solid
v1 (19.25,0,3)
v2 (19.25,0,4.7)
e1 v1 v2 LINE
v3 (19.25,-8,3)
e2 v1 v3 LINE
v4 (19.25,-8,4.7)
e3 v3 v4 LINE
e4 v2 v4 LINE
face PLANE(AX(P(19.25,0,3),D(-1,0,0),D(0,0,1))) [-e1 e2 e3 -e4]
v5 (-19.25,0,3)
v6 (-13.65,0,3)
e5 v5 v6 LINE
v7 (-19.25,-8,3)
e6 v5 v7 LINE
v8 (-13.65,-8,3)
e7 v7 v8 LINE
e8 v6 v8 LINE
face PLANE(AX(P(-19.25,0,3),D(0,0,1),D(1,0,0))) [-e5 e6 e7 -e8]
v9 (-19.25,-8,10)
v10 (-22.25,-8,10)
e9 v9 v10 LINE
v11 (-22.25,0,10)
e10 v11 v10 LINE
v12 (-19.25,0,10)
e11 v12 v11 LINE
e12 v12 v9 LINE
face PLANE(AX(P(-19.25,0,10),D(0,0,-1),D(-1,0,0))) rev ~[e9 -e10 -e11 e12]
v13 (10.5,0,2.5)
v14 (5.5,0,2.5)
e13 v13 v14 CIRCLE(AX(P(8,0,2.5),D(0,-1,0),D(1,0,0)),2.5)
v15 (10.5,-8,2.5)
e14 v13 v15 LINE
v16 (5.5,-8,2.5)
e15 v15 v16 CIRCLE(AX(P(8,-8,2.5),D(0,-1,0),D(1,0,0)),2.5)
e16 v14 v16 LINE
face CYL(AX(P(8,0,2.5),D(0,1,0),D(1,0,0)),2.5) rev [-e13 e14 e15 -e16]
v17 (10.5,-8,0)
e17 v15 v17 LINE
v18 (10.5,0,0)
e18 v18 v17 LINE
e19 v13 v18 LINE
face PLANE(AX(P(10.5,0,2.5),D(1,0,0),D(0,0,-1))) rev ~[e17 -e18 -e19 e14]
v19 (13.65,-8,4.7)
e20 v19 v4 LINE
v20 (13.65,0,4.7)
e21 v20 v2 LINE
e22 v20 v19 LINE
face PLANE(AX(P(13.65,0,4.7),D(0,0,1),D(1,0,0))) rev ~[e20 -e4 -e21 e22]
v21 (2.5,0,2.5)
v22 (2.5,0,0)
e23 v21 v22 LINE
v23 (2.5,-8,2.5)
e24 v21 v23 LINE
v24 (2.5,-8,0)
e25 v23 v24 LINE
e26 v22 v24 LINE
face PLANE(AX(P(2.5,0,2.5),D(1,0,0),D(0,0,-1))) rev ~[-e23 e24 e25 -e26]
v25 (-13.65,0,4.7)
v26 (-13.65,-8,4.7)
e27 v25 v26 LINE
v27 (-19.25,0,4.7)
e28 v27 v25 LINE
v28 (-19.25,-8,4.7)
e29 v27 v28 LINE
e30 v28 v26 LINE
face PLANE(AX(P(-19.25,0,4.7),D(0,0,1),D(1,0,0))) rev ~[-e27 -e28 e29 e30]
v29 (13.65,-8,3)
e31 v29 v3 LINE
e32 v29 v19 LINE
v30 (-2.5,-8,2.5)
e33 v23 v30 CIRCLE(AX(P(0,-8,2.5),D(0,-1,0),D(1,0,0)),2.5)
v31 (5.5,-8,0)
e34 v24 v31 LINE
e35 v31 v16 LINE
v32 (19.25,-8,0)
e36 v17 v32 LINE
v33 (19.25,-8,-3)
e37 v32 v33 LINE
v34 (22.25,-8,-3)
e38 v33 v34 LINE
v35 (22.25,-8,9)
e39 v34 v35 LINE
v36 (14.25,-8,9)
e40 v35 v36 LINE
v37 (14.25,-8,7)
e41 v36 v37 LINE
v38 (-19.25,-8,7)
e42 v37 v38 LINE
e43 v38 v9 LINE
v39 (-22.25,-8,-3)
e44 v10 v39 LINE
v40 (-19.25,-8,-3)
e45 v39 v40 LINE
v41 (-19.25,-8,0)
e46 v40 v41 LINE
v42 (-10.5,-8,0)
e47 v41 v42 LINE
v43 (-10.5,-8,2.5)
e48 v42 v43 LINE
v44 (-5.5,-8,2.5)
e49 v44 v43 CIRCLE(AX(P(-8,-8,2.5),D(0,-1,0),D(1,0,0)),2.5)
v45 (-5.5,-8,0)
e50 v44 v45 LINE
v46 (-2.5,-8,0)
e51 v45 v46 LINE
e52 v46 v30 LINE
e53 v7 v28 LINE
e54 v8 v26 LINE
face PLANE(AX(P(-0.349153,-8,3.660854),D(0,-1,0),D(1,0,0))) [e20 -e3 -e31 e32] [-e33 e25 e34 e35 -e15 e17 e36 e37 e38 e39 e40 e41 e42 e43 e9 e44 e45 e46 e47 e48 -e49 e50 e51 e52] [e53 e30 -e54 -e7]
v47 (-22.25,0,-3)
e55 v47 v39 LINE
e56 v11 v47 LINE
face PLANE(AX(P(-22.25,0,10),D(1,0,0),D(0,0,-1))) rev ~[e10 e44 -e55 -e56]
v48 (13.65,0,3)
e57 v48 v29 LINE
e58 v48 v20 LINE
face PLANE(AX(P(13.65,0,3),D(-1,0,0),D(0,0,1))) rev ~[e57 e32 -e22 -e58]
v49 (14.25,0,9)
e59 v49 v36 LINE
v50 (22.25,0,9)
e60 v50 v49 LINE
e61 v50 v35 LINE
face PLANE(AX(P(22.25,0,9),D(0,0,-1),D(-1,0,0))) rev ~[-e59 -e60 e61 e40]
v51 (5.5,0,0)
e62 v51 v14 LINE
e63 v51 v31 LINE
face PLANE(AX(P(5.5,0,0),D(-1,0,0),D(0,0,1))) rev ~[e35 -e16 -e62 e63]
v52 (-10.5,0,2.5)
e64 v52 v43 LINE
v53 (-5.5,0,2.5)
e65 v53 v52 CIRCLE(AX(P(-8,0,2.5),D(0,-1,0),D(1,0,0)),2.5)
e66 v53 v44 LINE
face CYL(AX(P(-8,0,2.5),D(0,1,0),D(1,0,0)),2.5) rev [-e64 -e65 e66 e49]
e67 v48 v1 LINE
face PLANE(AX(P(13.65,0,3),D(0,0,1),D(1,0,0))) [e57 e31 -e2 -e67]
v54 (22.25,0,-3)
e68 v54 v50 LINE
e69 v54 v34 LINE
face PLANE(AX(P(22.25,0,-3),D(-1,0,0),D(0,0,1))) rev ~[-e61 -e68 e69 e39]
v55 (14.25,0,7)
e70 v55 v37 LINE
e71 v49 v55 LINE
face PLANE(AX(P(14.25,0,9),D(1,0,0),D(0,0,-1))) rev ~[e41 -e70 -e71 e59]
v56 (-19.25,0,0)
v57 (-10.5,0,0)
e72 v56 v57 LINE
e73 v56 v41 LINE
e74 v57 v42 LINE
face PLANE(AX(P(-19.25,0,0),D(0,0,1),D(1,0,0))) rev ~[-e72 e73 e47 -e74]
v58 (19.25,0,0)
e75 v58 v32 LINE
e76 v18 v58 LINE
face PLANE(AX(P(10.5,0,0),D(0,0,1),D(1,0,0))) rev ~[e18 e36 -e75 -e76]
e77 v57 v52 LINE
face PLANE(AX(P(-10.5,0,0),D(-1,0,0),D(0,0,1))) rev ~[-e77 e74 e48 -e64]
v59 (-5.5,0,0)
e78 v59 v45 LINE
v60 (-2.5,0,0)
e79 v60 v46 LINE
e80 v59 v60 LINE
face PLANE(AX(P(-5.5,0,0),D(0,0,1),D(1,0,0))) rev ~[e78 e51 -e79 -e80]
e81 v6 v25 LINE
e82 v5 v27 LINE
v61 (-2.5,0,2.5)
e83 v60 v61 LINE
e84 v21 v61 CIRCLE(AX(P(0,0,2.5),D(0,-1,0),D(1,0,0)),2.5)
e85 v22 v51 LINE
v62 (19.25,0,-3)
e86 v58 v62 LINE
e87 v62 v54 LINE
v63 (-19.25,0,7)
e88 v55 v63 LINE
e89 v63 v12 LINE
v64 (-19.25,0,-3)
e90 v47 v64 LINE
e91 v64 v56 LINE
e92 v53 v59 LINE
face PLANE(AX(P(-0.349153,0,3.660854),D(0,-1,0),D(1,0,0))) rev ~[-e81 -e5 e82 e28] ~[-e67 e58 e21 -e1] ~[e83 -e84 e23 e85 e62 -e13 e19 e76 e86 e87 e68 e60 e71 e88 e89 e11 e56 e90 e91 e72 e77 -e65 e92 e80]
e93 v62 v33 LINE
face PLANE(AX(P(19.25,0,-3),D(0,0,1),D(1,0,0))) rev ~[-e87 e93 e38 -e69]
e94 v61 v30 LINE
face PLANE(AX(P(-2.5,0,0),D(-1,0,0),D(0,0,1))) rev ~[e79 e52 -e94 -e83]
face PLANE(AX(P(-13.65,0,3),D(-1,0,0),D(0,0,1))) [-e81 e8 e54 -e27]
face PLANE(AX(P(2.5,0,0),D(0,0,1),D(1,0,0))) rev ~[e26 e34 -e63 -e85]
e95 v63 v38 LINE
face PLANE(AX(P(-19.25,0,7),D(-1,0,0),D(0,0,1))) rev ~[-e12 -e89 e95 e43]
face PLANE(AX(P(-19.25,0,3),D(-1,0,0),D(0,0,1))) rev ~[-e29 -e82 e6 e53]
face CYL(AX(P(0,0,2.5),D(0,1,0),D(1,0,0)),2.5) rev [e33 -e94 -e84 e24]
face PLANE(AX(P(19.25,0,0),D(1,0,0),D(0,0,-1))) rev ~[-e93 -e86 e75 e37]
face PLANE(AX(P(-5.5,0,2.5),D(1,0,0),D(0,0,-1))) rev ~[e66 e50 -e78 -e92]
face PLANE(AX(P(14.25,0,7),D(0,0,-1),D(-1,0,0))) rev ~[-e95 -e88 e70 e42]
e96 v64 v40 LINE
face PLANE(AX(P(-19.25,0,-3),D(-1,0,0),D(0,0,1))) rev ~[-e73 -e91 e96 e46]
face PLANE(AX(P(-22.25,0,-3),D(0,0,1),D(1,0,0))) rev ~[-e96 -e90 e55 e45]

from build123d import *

# Parameters (mm, degrees)
SKETCH_W  = 5.6
SKETCH_H  = 1.7
PAD_DEPTH = 8


with BuildPart() as part:
    # Sketch → Pad (new body)
    with BuildSketch(Plane.XZ):
        with BuildLine():
            Line((-22.25, -3), (-19.25, -3))
            Line((-19.25, -3), (-19.25, 0))
            Line((-19.25, 0), (-10.5, 0))
            Line((-10.5, 0), (-10.5, 2.5))
            ThreePointArc((-5.5, 2.5), (-8, 5), (-10.5, 2.5))
            Line((-5.5, 2.5), (-5.5, 0))
            Line((-5.5, 0), (-2.5, 0))
            Line((-2.5, 0), (-2.5, 2.5))
            ThreePointArc((2.5, 2.5), (0, 5), (-2.5, 2.5))
            Line((2.5, 2.5), (2.5, 0))
            Line((2.5, 0), (5.5, 0))
            Line((5.5, 0), (5.5, 2.5))
            ThreePointArc((10.5, 2.5), (8, 5), (5.5, 2.5))
            Line((10.5, 2.5), (10.5, 0))
            Line((10.5, 0), (19.25, 0))
            Line((19.25, 0), (19.25, -3))
            Line((19.25, -3), (22.25, -3))
            Line((22.25, -3), (22.25, 9))
            Line((22.25, 9), (14.25, 9))
            Line((14.25, 9), (14.25, 7))
            Line((14.25, 7), (-19.25, 7))
            Line((-19.25, 7), (-19.25, 10))
            Line((-19.25, 10), (-22.25, 10))
            Line((-22.25, 10), (-22.25, -3))
        make_face()
        with Locations((-16.45, 3.85)):
            Rectangle(SKETCH_W, SKETCH_H, mode=Mode.SUBTRACT)
        with Locations((16.45, 3.85)):
            Rectangle(SKETCH_W, SKETCH_H, mode=Mode.SUBTRACT)
    extrude(amount=PAD_DEPTH)


solid = part.part
